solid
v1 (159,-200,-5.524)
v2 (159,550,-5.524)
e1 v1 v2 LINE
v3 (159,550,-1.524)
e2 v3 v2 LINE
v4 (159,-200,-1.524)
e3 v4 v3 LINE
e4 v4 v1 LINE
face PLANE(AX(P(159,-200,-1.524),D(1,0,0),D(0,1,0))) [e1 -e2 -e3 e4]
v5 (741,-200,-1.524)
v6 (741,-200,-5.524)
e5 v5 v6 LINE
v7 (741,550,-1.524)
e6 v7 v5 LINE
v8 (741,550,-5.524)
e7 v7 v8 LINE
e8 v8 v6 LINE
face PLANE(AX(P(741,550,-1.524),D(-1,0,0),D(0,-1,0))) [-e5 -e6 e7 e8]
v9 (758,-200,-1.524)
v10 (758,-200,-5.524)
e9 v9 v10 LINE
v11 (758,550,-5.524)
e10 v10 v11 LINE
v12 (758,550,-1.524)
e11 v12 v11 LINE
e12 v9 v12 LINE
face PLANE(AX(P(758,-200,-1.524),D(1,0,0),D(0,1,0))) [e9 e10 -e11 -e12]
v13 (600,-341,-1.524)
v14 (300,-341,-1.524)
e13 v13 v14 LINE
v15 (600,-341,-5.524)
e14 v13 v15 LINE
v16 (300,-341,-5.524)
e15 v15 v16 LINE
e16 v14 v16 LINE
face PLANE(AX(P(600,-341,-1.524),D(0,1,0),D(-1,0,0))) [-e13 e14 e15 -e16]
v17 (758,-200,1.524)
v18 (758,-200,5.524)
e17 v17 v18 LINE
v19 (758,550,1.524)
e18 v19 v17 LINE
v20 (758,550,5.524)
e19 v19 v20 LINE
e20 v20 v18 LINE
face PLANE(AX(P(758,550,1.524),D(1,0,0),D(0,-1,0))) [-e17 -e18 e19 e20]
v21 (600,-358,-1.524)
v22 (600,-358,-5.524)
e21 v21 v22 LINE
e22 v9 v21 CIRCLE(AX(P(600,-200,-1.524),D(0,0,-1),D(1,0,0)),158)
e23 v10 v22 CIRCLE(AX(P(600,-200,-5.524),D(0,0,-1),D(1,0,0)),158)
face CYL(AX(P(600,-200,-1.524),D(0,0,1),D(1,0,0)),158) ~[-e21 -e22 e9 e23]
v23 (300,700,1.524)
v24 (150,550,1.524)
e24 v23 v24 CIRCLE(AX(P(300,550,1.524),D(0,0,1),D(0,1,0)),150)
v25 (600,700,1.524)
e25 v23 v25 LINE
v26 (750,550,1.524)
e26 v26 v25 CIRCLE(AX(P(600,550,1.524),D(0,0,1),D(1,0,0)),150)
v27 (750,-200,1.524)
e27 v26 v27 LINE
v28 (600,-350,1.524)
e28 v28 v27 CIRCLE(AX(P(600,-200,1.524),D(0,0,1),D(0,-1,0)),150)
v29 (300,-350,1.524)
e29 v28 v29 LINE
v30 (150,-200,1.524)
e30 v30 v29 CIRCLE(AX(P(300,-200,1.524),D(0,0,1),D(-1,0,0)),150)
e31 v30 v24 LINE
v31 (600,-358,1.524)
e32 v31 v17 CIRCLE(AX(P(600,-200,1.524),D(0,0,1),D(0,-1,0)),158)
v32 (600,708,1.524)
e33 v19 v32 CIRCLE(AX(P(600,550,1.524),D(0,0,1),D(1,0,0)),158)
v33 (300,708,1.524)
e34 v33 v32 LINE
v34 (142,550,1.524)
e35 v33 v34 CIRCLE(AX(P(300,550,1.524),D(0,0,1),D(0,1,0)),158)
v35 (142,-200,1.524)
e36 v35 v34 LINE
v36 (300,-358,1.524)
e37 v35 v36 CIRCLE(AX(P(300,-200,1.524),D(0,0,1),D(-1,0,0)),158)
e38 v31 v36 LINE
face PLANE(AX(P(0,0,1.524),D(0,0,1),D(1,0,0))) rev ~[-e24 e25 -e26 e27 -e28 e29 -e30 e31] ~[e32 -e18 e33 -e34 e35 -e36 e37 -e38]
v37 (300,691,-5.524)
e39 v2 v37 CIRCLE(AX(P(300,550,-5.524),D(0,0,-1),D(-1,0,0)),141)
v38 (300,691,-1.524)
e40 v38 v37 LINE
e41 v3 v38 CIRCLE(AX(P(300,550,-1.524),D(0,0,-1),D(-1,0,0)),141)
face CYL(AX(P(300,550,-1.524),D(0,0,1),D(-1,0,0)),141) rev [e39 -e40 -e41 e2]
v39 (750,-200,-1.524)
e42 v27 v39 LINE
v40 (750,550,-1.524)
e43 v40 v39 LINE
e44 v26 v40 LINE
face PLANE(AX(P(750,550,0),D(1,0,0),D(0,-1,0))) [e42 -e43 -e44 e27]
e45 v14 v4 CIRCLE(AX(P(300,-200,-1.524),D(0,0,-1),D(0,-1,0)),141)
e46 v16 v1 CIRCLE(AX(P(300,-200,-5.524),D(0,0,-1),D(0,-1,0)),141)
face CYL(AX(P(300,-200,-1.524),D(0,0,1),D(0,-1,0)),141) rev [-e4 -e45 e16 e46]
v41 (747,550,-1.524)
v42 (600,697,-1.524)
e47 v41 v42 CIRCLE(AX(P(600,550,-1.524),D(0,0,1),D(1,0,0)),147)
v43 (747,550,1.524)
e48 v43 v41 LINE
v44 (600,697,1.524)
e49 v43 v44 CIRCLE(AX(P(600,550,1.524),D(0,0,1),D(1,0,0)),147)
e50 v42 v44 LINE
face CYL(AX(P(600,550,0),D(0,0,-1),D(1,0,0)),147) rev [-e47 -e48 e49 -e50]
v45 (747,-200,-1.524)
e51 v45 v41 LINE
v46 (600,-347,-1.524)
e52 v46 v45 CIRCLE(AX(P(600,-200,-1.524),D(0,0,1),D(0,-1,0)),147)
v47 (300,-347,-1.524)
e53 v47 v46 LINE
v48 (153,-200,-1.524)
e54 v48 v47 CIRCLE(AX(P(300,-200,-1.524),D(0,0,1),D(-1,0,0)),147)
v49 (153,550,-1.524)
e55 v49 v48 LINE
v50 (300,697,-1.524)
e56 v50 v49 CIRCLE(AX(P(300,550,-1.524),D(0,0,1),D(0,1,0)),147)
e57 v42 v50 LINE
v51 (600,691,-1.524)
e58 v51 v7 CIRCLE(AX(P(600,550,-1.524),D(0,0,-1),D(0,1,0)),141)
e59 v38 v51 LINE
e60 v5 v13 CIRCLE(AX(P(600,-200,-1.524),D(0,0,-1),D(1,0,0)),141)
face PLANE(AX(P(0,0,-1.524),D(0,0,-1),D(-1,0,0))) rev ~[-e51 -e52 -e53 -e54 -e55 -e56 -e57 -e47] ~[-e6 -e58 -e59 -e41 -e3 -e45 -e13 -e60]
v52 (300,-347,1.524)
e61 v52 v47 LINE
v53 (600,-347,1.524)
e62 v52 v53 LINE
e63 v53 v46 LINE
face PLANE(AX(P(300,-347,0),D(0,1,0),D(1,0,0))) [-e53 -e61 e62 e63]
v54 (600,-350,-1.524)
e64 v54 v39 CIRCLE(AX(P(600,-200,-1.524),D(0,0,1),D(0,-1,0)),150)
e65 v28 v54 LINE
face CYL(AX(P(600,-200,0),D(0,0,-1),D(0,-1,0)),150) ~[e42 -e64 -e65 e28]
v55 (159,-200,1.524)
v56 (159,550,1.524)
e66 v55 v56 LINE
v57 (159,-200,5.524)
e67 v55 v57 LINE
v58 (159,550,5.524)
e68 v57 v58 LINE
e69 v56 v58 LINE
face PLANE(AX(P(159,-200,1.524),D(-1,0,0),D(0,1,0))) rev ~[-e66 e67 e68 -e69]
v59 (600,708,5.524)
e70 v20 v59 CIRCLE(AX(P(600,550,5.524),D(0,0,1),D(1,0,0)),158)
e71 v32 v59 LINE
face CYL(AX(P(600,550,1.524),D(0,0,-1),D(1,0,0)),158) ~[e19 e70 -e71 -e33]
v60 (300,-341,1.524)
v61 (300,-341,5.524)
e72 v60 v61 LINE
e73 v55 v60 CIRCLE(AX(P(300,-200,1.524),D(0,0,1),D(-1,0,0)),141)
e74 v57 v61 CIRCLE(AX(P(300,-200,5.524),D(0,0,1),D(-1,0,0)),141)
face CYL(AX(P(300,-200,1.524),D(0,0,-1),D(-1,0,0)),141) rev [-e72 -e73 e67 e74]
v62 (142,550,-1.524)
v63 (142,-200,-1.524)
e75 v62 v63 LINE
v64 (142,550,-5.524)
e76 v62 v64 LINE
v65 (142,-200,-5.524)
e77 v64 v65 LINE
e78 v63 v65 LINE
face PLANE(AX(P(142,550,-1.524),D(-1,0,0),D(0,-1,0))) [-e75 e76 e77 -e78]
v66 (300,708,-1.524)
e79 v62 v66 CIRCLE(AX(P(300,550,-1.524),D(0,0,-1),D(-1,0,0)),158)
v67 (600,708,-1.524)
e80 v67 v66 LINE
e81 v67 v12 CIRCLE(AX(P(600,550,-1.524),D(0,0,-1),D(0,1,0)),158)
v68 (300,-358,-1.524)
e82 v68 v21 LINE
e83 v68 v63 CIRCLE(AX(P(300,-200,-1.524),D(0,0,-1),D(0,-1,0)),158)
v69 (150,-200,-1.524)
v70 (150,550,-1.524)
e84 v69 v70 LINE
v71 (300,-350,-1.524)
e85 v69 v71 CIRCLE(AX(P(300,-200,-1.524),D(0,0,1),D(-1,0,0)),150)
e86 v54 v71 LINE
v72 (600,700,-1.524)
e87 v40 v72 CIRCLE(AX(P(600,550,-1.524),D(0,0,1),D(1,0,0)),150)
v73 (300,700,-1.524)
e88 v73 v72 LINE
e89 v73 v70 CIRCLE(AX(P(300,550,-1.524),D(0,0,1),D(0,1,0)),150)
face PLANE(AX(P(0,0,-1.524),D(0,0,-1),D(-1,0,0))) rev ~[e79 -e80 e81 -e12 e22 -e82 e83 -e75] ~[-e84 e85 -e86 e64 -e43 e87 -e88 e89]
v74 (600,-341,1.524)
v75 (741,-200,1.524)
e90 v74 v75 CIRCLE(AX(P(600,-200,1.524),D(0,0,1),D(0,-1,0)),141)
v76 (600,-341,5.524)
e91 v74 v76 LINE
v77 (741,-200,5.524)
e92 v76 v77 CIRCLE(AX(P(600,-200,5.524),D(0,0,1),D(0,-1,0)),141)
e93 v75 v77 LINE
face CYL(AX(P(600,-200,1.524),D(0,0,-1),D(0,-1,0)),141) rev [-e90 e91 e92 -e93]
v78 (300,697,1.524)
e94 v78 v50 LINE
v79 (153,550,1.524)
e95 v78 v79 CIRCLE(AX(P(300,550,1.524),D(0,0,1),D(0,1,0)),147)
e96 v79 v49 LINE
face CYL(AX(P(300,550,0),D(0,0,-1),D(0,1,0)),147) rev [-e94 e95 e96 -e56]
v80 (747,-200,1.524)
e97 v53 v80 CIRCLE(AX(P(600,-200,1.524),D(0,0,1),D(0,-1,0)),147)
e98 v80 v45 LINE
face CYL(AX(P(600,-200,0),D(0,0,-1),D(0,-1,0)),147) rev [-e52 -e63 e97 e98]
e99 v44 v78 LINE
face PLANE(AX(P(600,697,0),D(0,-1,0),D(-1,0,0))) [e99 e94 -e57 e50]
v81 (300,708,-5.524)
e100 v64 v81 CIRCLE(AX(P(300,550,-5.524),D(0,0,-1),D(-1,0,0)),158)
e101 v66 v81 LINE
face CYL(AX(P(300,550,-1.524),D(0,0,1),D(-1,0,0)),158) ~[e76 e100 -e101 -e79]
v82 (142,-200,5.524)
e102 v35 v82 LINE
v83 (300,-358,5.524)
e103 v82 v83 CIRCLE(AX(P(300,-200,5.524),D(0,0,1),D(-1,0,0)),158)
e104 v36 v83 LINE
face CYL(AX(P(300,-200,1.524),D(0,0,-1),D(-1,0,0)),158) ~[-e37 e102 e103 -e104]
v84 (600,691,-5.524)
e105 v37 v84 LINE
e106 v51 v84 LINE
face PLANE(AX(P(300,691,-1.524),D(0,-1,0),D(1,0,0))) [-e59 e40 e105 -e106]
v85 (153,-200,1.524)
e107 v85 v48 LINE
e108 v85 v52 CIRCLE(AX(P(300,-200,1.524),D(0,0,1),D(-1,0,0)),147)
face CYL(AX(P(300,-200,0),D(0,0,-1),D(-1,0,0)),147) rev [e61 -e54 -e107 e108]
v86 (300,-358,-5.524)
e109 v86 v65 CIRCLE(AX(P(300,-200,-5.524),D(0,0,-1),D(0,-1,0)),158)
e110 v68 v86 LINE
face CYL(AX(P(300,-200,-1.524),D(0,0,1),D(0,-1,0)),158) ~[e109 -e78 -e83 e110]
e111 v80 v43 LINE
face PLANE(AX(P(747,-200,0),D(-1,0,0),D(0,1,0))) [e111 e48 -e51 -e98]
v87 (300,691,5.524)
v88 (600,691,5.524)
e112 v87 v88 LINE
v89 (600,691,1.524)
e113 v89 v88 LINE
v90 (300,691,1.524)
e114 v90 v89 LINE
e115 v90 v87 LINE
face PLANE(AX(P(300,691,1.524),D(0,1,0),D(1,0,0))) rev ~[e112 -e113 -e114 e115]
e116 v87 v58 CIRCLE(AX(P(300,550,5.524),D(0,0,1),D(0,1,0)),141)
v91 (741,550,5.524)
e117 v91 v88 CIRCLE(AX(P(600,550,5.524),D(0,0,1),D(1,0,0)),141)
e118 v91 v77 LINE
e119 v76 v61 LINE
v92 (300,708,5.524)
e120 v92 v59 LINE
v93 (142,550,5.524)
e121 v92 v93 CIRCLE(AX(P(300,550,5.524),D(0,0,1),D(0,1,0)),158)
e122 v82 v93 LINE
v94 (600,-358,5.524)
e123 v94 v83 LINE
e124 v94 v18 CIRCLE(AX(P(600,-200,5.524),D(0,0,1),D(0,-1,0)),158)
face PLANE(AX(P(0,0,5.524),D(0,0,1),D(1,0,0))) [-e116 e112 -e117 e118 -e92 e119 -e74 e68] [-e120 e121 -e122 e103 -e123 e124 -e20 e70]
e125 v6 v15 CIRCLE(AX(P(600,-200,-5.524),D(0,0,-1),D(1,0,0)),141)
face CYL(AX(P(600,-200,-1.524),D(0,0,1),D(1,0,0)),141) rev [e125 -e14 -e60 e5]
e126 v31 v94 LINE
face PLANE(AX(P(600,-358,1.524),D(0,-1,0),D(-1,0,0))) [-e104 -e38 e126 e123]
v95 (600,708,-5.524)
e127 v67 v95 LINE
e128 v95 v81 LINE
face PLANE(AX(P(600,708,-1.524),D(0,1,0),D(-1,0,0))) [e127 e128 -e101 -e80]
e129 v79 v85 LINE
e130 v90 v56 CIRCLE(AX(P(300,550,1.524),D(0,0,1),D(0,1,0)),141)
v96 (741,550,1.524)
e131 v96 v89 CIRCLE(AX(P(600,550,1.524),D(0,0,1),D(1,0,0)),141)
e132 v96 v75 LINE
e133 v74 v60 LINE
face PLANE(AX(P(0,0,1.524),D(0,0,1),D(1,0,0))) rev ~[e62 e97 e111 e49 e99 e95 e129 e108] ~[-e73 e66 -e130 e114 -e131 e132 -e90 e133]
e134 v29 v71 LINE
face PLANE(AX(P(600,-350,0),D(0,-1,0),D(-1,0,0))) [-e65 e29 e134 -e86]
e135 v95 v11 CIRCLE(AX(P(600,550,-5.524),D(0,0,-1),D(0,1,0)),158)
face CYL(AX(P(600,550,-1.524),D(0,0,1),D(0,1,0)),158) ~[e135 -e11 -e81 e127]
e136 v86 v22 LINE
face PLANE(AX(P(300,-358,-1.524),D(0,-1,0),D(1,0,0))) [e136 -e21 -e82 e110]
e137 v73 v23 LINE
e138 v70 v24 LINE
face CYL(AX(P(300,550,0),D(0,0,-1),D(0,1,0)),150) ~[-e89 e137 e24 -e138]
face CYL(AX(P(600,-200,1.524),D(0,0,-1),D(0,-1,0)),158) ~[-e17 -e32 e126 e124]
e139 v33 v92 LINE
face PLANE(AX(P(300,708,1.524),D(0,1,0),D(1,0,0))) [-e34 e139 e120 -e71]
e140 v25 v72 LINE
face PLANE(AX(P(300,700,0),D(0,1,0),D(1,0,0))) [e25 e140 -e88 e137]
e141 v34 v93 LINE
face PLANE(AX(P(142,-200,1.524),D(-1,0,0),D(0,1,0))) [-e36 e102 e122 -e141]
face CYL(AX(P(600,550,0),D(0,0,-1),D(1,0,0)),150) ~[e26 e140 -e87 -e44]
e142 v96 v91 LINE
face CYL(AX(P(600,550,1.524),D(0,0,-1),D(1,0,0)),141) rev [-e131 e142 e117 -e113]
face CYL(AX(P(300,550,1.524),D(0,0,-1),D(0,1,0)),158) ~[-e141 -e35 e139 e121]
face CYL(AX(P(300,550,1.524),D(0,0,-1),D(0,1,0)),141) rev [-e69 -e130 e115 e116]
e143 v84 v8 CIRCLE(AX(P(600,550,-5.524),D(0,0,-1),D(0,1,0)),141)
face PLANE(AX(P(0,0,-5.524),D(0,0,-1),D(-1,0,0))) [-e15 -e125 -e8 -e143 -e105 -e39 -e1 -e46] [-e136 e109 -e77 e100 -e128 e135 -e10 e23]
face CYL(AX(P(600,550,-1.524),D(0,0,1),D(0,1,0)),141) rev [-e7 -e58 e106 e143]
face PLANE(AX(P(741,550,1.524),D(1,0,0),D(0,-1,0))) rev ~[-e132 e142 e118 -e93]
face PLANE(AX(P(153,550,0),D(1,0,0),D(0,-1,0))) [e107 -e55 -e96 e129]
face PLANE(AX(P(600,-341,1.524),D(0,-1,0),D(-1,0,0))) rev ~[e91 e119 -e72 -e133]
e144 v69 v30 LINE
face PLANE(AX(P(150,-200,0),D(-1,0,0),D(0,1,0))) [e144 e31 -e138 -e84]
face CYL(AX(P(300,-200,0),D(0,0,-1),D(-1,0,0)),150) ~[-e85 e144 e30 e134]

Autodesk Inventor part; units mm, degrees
ref_plane "YZ Plane" through (0, 0, 0) normal (1, 0, 0) x (0, 1, 0)
ref_plane "XZ Plane" through (0, 0, 0) normal (0, 1, 0) x (-1, 0, 0)
ref_plane "XY Plane" through (0, 0, 0) normal (0, 0, 1) x (1, 0, 0)
sketch "Sketch5" plane through (0, 0, 0) normal (0, 0, 1) x (1, 0, 0)
  line L0 (0, -500) -> (900, -500)
  line L1 (900, -500) -> (900, 850)
  line L2 (900, 850) -> (0, 850)
  line L3 (0, 850) -> (0, -500)
  line L4 (0, -500) -> (900, 850) construction
  line L5 (900, -500) -> (0, 850) construction
  line L6 (300, 700) -> (600, 700)
  line L7 (750, 550) -> (750, -200)
  line L8 (600, -350) -> (300, -350)
  line L9 (150, -200) -> (150, 550)
  arc A0 (750, 550) -> (600, 700) centre (600, 550) ccw
  arc A1 (300, 700) -> (150, 550) centre (300, 550) ccw
  arc A2 (150, -200) -> (300, -350) centre (300, -200) ccw
  arc A3 (600, -350) -> (750, -200) centre (600, -200) ccw
  line L10 (600, 697) -> (300, 697)
  arc A4 (300, 697) -> (153, 550) centre (300, 550) ccw
  line L11 (153, 550) -> (153, -200)
  arc A5 (153, -200) -> (300, -347) centre (300, -200) ccw
  line L12 (300, -347) -> (600, -347)
  arc A6 (600, -347) -> (747, -200) centre (600, -200) ccw
  line L13 (747, -200) -> (747, 550)
  arc A7 (747, 550) -> (600, 697) centre (600, 550) ccw
  point P0 (0, 0)
  point P1 (450, 175)
  dimension "d0" = 900
  dimension "d1" = 1350
  dimension "d2" = 150
  dimension "d3" = 150
  dimension "d4" = 150
  dimension "d5" = 150
  dimension "d6" = 150
  dimension "d9" = 3
extrude "Extrusion1" add sketch "Sketch5" along normal mid plane 3.048 contours L6 A0 L7 A3 L8 A2 L9 A1
sketch "Sketch6" plane through (0, 0, 1.524) normal (0, 0, 1) x (1, 0, 0)
  line L0 (300, -350) -> (600, -350) projected
  arc A0 (600, -350) -> (750, -200) centre (600, -200) ccw projected
  line L1 (750, -200) -> (750, 550) projected
  arc A1 (750, 550) -> (600, 700) centre (600, 550) ccw projected
  line L2 (600, 700) -> (300, 700) projected
  arc A2 (300, 700) -> (150, 550) centre (300, 550) ccw projected
  line L3 (150, 550) -> (150, -200) projected
  arc A3 (150, -200) -> (300, -350) centre (300, -200) ccw projected
  arc A4 (747, 550) -> (600, 697) centre (600, 550) ccw projected
  line L4 (747, 550) -> (747, -200) projected
  arc A5 (600, -347) -> (747, -200) centre (600, -200) ccw projected
  line L5 (600, -347) -> (300, -347) projected
  arc A6 (153, -200) -> (300, -347) centre (300, -200) ccw projected
  line L6 (153, -200) -> (153, 550) projected
  arc A7 (300, 697) -> (153, 550) centre (300, 550) ccw projected
  line L7 (300, 697) -> (600, 697) projected
  line L8 (300, 708) -> (600, 708)
  arc A8 (758, 550) -> (600, 708) centre (600, 550) ccw
  line L9 (758, 550) -> (758, -200)
  arc A9 (600, -358) -> (758, -200) centre (600, -200) ccw
  line L10 (600, -358) -> (300, -358)
  arc A10 (142, -200) -> (300, -358) centre (300, -200) ccw
  line L11 (142, -200) -> (142, 550)
  arc A11 (300, 708) -> (142, 550) centre (300, 550) ccw
  arc A12 (741, 550) -> (600, 691) centre (600, 550) ccw
  line L12 (741, 550) -> (741, -200)
  arc A13 (600, -341) -> (741, -200) centre (600, -200) ccw
  line L13 (600, -341) -> (300, -341)
  arc A14 (159, -200) -> (300, -341) centre (300, -200) ccw
  line L14 (159, -200) -> (159, 550)
  arc A15 (300, 691) -> (159, 550) centre (300, 550) ccw
  line L15 (300, 691) -> (600, 691)
  point P0 (0, 0)
  dimension "d12" = 8
  dimension "d13" = 6
extrude "Extrusion2" add sketch "Sketch6" along normal blind 4 contours A3 L3 A2 L2 A1 L1 A0 L0 | L4 A5 L5 A6 L6 A7 L7 A4 | L8 A8 L9 A9 L10 A10 L11 A11
sketch "Sketch7" plane through (0, 0, -1.524) normal (0, 0, -1) x (-1, 0, 0)
  line L0 (-300, -358) -> (-600, -358) projected
  arc A0 (-300, -358) -> (-142, -200) centre (-300, -200) ccw projected
  line L1 (-142, 550) -> (-142, -200) projected
  arc A1 (-142, 550) -> (-300, 708) centre (-300, 550) ccw projected
  line L2 (-600, 708) -> (-300, 708) projected
  arc A2 (-600, 708) -> (-758, 550) centre (-600, 550) ccw projected
  line L3 (-758, -200) -> (-758, 550) projected
  arc A3 (-758, -200) -> (-600, -358) centre (-600, -200) ccw projected
  arc A4 (-300, -350) -> (-150, -200) centre (-300, -200) ccw projected
  line L4 (-300, -350) -> (-600, -350) projected
  arc A5 (-750, -200) -> (-600, -350) centre (-600, -200) ccw projected
  line L5 (-750, -200) -> (-750, 550) projected
  arc A6 (-600, 700) -> (-750, 550) centre (-600, 550) ccw projected
  line L6 (-600, 700) -> (-300, 700) projected
  arc A7 (-150, 550) -> (-300, 700) centre (-300, 550) ccw projected
  line L7 (-150, 550) -> (-150, -200) projected
  line L8 (-600, -350) -> (-300, -350) projected
  arc A8 (-300, -350) -> (-150, -200) centre (-300, -200) ccw projected
  line L9 (-150, -200) -> (-150, 550) projected
  arc A9 (-150, 550) -> (-300, 700) centre (-300, 550) ccw projected
  line L10 (-300, 700) -> (-600, 700) projected
  arc A10 (-600, 700) -> (-750, 550) centre (-600, 550) ccw projected
  line L11 (-750, 550) -> (-750, -200) projected
  arc A11 (-750, -200) -> (-600, -350) centre (-600, -200) ccw projected
  arc A12 (-600, 697) -> (-747, 550) centre (-600, 550) ccw projected
  line L12 (-600, 697) -> (-300, 697) projected
  arc A13 (-153, 550) -> (-300, 697) centre (-300, 550) ccw projected
  line L13 (-153, 550) -> (-153, -200) projected
  arc A14 (-300, -347) -> (-153, -200) centre (-300, -200) ccw projected
  line L14 (-300, -347) -> (-600, -347) projected
  arc A15 (-747, -200) -> (-600, -347) centre (-600, -200) ccw projected
  line L15 (-747, -200) -> (-747, 550) projected
  line L16 (-600, -341) -> (-300, -341) projected
  arc A16 (-741, -200) -> (-600, -341) centre (-600, -200) ccw projected
  line L17 (-741, 550) -> (-741, -200) projected
  arc A17 (-600, 691) -> (-741, 550) centre (-600, 550) ccw projected
  line L18 (-300, 691) -> (-600, 691) projected
  arc A18 (-159, 550) -> (-300, 691) centre (-300, 550) ccw projected
  line L19 (-159, -200) -> (-159, 550) projected
  arc A19 (-300, -341) -> (-159, -200) centre (-300, -200) ccw projected
  line L20 (-300, 697) -> (-600, 697) projected
  arc A20 (-600, 697) -> (-747, 550) centre (-600, 550) ccw projected
  line L21 (-747, 550) -> (-747, -200) projected
  arc A21 (-747, -200) -> (-600, -347) centre (-600, -200) ccw projected
  line L22 (-600, -347) -> (-300, -347) projected
  arc A22 (-300, -347) -> (-153, -200) centre (-300, -200) ccw projected
  line L23 (-153, -200) -> (-153, 550) projected
  arc A23 (-153, 550) -> (-300, 697) centre (-300, 550) ccw projected
  point P0 (0, 0)
extrude "Extrusion3" add sketch "Sketch7" along normal blind 4 contours L0 A3 L3 A2 L2 A1 L1 A0 | L4 A5 L5 A6 L6 A7 L7 A4 | L12 A13 L13 A14 L14 A15 L15 A12
equation "\"d10\" = Thickness"
equation "\"BendRadius\" = Thickness"
equation "\"BendReliefWidth\" = Thickness"
equation "\"BendReliefDepth\" = 0.5 * Thickness"
equation "\"CornerReliefSize\" = 4 * Thickness"
equation "\"MinimumRemnant\" = 2 * Thickness"
equation "\"TransitionRadius\" = BendRadius"
equation "\"JacobiRadiusSize\" = BendRadius"
equation "\"GapSize\" = Thickness"
equation "\"Space5\" = 0"
equation "\"Space6\" = 0"
equation "\"Space7\" = 0"
equation "\"Thickness\" = 3.048"
properties part number "Caucho"
